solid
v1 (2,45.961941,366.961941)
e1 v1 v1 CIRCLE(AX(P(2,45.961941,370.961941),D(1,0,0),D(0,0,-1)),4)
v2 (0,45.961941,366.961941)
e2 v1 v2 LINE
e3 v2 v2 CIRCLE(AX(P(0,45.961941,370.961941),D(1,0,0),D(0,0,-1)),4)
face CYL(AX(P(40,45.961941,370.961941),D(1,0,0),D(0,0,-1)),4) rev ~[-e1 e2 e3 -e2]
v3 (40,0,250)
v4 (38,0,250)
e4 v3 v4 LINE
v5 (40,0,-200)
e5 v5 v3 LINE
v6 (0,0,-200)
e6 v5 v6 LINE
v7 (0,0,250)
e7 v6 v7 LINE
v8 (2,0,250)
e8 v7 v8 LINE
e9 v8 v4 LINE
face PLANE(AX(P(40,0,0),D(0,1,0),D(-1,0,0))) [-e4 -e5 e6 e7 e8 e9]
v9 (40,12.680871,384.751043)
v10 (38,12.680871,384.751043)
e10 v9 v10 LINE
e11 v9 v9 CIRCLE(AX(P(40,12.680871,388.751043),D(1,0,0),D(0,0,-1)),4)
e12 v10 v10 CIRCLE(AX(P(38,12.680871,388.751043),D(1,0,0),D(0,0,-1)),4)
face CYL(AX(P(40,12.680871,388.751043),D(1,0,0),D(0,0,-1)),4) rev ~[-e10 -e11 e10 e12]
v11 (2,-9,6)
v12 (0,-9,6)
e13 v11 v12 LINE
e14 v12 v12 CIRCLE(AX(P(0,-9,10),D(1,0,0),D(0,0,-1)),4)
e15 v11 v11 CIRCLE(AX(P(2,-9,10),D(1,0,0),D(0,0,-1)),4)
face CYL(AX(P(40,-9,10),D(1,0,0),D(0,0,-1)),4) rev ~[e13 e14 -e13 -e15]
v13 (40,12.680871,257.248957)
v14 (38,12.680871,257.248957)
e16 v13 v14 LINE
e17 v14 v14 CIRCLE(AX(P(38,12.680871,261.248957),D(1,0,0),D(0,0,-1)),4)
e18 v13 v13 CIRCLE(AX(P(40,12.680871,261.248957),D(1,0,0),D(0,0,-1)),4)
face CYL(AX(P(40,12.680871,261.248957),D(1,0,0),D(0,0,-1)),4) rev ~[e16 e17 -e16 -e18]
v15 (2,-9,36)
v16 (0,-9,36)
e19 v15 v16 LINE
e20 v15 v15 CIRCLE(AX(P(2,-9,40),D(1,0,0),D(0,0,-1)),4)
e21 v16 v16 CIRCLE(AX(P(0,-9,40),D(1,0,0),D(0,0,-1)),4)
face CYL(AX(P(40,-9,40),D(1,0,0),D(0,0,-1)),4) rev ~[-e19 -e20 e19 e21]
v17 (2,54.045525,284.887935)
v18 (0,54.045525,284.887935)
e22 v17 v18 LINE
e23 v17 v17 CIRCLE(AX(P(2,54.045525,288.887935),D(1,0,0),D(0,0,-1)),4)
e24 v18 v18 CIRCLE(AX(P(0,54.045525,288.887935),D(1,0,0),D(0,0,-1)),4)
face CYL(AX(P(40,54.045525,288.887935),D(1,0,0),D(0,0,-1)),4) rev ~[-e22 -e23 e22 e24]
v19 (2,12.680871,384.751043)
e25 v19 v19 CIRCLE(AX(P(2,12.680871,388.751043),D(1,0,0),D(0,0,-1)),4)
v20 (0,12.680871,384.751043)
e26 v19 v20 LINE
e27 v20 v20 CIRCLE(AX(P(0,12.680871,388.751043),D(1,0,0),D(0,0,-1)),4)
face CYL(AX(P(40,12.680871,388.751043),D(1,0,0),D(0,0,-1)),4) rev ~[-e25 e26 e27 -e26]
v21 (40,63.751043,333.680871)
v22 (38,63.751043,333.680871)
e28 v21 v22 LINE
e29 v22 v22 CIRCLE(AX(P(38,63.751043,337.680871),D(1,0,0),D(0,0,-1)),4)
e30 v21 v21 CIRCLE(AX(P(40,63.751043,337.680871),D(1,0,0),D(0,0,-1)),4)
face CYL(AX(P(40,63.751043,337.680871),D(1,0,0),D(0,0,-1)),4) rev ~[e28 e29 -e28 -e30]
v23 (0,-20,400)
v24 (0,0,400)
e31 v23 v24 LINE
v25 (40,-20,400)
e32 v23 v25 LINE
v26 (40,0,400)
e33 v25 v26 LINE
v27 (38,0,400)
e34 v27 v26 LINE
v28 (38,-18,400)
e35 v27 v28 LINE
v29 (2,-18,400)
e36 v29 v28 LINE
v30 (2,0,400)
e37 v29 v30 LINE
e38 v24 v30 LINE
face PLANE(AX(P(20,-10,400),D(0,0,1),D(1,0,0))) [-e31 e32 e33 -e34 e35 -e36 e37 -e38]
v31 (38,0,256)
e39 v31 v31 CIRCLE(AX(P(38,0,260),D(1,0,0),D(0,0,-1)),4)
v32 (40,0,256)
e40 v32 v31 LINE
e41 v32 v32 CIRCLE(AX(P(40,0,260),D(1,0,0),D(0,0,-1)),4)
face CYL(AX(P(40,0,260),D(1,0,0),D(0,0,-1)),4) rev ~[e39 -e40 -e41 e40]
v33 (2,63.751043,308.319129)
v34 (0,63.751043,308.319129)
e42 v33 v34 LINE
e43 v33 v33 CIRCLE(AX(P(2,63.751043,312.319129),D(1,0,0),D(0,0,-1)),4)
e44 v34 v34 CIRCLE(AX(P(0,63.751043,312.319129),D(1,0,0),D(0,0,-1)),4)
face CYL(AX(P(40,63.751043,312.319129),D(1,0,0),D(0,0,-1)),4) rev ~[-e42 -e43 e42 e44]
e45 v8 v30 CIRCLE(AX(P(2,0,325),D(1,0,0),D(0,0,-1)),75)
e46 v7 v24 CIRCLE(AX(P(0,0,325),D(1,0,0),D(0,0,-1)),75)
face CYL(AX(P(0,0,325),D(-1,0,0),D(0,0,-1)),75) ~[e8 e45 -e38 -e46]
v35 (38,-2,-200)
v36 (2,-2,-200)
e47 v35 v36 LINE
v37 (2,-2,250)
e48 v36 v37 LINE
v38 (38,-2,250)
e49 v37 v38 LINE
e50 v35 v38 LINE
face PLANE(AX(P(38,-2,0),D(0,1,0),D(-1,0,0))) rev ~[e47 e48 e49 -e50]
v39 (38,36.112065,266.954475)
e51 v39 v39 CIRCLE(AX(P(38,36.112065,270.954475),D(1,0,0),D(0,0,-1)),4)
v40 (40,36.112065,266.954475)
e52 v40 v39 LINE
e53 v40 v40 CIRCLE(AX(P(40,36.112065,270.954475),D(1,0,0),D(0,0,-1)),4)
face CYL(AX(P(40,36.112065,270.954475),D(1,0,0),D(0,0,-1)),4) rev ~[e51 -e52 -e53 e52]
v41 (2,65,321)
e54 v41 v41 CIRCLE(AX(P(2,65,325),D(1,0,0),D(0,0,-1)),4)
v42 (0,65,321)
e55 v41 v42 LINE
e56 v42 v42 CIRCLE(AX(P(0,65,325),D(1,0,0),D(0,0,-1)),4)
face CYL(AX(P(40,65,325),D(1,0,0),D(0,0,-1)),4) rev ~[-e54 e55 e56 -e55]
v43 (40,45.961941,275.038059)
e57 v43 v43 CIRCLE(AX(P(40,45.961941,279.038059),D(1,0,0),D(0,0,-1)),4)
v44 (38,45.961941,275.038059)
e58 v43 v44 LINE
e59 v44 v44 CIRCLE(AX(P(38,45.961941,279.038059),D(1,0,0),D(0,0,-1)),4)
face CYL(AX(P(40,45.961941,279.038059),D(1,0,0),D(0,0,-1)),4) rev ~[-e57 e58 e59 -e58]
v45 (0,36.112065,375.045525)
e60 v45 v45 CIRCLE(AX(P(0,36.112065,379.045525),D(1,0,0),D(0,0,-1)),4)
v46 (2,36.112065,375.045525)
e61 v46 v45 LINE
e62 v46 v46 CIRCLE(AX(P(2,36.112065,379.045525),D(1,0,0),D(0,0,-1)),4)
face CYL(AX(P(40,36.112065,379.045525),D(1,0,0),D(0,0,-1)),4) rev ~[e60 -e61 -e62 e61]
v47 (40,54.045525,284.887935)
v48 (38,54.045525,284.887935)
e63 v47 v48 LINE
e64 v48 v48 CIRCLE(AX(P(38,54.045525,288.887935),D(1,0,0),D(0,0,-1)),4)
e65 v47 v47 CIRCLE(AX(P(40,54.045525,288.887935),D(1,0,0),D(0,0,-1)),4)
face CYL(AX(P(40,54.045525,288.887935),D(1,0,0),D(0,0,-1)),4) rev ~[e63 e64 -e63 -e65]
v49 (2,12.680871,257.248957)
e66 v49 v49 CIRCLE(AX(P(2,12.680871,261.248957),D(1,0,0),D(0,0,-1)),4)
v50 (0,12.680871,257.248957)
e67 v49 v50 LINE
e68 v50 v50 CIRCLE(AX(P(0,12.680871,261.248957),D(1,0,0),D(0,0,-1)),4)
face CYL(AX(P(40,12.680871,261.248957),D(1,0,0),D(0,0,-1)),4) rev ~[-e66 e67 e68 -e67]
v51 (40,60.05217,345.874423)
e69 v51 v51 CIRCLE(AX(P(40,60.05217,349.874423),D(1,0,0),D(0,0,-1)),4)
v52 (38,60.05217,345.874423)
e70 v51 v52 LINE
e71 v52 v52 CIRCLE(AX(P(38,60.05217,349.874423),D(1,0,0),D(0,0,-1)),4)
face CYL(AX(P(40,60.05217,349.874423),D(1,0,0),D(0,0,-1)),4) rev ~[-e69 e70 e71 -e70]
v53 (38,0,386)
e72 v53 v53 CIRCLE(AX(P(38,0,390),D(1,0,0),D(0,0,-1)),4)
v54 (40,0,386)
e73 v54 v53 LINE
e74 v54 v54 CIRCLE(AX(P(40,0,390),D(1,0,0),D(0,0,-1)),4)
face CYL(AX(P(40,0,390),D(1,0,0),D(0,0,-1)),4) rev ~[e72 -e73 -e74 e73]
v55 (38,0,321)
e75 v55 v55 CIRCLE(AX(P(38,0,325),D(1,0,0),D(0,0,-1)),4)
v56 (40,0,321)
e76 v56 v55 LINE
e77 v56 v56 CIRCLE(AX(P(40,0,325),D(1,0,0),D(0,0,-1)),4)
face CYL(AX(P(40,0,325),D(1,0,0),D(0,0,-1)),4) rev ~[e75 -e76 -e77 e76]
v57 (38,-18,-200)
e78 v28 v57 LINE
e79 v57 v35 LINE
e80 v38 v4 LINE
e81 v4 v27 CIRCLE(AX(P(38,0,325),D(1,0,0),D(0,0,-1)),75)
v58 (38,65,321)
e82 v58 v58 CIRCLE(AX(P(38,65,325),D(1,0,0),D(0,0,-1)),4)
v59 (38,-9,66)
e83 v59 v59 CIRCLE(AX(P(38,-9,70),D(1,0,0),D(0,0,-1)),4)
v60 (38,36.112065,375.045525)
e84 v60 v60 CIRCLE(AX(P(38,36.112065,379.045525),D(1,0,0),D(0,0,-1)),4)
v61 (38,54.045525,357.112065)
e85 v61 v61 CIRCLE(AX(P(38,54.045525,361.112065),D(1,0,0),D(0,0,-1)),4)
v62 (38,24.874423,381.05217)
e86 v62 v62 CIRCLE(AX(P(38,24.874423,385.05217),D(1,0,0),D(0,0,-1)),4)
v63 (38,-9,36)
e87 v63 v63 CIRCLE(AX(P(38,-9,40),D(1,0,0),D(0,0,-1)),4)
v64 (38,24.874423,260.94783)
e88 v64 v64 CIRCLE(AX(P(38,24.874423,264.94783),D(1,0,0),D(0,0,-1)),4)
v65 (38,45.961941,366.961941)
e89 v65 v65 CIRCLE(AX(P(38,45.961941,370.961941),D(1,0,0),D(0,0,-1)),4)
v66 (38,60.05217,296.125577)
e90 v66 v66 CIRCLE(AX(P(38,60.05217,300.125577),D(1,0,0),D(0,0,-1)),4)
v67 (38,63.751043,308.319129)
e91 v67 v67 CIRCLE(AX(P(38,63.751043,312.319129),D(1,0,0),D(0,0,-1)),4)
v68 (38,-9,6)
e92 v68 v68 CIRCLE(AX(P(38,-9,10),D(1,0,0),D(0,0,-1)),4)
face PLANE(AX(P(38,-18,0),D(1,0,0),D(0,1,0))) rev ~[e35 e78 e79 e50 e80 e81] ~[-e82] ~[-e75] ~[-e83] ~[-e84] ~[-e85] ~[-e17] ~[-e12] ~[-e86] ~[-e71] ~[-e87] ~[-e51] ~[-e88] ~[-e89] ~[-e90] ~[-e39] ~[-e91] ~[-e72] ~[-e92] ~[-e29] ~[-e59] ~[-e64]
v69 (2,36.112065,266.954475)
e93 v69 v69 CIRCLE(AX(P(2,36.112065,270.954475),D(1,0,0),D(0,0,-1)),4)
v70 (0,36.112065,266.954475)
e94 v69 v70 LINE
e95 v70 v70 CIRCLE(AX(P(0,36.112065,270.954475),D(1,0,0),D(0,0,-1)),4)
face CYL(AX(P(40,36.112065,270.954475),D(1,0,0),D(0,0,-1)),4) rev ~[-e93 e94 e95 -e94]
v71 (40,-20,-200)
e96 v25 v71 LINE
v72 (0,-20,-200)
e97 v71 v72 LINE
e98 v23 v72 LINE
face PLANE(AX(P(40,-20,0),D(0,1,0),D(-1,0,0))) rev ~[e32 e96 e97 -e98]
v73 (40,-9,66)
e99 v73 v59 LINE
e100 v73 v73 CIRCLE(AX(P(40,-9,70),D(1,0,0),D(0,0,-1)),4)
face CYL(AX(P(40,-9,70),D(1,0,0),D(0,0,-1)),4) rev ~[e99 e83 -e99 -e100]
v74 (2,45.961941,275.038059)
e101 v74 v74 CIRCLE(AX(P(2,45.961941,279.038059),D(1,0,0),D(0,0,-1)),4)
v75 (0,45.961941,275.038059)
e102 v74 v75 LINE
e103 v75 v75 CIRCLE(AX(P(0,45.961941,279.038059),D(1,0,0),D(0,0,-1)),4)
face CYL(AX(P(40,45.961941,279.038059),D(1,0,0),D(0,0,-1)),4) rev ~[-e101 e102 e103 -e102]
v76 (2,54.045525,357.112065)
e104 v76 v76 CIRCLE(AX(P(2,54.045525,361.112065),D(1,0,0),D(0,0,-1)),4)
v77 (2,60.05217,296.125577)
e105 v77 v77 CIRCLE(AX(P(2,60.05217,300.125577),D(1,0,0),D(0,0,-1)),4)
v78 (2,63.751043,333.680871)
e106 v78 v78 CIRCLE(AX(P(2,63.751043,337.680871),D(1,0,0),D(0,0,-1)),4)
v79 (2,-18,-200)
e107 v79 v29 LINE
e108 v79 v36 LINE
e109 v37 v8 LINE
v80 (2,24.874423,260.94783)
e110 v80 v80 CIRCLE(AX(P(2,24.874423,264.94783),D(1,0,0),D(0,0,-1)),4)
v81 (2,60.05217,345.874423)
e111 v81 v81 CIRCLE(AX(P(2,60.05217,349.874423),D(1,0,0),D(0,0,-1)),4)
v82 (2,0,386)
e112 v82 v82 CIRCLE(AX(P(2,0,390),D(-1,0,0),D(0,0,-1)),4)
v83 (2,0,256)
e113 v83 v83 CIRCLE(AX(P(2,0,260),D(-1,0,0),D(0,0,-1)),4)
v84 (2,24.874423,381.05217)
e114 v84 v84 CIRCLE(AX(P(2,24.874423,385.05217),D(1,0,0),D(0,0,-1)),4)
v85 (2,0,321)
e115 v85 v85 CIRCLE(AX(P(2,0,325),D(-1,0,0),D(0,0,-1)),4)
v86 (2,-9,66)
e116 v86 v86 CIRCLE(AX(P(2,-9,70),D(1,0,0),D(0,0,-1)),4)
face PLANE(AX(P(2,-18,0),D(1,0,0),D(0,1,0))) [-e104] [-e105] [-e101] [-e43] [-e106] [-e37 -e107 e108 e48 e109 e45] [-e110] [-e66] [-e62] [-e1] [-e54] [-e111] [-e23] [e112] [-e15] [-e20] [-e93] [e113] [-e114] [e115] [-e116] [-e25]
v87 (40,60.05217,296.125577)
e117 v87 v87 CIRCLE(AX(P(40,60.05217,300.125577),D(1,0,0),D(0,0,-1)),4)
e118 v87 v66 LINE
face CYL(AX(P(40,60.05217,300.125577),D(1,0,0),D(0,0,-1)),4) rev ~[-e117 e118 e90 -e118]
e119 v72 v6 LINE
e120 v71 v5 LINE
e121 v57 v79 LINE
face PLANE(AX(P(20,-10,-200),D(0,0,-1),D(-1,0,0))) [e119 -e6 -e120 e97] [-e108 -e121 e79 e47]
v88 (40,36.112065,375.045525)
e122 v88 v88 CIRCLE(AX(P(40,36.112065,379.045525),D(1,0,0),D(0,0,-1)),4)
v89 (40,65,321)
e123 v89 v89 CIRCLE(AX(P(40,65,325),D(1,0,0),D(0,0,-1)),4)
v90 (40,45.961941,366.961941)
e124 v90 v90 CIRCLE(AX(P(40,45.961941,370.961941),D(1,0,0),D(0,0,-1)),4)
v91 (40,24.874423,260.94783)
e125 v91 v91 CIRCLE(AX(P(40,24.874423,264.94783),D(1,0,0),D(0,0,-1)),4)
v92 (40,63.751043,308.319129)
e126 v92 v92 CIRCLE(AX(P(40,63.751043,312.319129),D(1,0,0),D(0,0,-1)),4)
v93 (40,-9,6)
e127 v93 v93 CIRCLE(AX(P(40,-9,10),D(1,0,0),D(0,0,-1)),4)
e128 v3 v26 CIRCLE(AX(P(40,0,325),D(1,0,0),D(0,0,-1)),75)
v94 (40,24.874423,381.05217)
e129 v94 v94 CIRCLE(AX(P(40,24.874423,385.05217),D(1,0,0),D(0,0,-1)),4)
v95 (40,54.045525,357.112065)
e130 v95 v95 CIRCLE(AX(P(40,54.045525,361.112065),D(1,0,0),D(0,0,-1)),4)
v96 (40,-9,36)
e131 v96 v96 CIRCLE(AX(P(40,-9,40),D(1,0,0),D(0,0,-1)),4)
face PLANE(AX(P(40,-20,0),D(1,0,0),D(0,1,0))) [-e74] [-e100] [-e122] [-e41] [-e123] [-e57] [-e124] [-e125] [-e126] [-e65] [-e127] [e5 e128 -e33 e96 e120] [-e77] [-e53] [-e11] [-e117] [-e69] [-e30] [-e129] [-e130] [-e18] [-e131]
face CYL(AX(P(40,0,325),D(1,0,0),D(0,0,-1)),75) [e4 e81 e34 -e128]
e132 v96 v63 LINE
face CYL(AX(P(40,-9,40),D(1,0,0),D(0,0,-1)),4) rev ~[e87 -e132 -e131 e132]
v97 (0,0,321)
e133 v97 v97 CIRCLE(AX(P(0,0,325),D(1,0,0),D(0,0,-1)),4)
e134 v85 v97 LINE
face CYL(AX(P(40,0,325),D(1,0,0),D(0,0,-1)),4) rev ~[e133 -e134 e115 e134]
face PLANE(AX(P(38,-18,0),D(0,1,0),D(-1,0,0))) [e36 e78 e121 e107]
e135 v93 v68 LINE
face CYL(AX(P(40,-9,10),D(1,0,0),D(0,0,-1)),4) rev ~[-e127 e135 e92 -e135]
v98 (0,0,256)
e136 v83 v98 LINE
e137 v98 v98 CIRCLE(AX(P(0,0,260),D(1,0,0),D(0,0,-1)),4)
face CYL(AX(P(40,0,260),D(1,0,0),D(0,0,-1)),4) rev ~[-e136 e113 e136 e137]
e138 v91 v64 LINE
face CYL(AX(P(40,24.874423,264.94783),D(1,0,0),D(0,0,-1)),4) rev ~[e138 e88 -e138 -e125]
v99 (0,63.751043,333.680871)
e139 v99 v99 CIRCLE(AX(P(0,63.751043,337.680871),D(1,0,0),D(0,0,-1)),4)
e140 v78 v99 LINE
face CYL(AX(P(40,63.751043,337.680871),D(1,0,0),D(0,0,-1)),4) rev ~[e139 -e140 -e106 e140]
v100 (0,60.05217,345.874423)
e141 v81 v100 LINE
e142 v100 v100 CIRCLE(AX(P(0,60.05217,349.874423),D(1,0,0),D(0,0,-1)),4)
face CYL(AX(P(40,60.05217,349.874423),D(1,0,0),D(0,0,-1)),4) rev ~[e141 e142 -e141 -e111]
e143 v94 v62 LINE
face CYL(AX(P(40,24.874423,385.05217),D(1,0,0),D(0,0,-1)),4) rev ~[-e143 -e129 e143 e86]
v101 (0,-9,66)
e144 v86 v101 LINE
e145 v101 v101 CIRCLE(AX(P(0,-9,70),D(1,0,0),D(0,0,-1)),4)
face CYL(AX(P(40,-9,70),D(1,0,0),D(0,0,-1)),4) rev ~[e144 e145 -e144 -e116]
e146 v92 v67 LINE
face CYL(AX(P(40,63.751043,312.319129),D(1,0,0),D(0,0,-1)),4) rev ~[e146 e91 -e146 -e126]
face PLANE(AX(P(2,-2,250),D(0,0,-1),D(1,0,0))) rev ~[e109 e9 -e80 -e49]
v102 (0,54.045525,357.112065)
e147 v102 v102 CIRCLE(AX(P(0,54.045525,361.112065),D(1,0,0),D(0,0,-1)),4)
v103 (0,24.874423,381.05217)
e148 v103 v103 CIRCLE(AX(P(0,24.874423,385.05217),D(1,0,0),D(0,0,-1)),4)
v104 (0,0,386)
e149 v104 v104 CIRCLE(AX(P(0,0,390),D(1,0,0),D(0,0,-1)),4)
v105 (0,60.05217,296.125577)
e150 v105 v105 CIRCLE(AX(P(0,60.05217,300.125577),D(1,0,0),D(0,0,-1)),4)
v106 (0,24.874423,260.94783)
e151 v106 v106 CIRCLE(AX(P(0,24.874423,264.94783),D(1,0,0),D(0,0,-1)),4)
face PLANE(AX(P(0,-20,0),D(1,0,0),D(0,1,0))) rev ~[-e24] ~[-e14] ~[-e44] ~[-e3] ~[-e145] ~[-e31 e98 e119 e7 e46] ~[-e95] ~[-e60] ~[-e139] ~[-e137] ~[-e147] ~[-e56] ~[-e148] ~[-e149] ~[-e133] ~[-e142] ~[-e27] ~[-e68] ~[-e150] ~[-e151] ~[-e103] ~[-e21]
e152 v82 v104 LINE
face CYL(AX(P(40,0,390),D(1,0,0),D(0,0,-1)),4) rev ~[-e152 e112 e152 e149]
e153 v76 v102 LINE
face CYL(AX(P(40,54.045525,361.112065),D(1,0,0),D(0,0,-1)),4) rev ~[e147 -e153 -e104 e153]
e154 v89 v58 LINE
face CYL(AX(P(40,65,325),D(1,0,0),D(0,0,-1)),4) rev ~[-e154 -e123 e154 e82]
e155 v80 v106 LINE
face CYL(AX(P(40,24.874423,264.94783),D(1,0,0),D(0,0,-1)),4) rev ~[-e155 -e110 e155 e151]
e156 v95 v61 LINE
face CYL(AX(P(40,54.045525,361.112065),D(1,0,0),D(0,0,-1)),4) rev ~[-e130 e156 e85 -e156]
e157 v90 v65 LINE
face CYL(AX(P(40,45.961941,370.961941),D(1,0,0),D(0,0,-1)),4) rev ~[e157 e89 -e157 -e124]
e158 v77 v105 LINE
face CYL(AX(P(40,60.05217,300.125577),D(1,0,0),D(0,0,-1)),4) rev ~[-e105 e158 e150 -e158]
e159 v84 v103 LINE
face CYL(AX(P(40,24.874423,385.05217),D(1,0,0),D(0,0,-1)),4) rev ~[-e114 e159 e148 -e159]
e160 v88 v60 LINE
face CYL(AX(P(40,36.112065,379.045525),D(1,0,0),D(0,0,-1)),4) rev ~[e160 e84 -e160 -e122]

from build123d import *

# Parameters (mm, degrees)
SKETCH1_W           = 40
SKETCH1_H           = 20
SKETCH1_W_2         = 36
SKETCH1_H_2         = 16
BOSS_EXTRUDE1_DEPTH = 400
SKETCH2_R           = 4
CUT_EXTRUDE1_DEPTH  = 403.49223595
BOSS_EXTRUDE2_DEPTH = 2
SKETCH4_R           = 4
CUT_EXTRUDE2_DEPTH  = 409.931534612
SKETCH5_R           = 4
CUT_EXTRUDE3_DEPTH  = 409.931534612
CUT_EXTRUDE4_START  = -2
SKETCH7_W           = 36
SKETCH7_H           = 150
CUT_EXTRUDE4_DEPTH  = 2
SKETCH8_W           = 40
SKETCH8_H           = 20
SKETCH8_W_2         = 36
SKETCH8_H_2         = 16
BOSS_EXTRUDE3_DEPTH = 200


with BuildPart() as part:
    # Sketch1 → Boss-Extrude1 (new body)
    with BuildSketch(Plane.XY):
        with Locations((20, -10)):
            Rectangle(SKETCH1_W, SKETCH1_H)
        with Locations((20, -10)):
            Rectangle(SKETCH1_W_2, SKETCH1_H_2, mode=Mode.SUBTRACT)
    extrude(amount=BOSS_EXTRUDE1_DEPTH)

    # Sketch2 → Cut-Extrude1 (cut, through all)
    with BuildSketch(Plane(origin=(40, 0, 0), x_dir=(0, 0, -1), z_dir=(1, 0, 0))):
        with Locations((-10, -9)):
            Circle(SKETCH2_R)
        with Locations((-40, -9)):
            Circle(SKETCH2_R)
        with Locations((-70, -9)):
            Circle(SKETCH2_R)
    extrude(amount=-CUT_EXTRUDE1_DEPTH, mode=Mode.SUBTRACT)

    # Sketch3 → Boss-Extrude2 (add)
    with BuildSketch(Plane(origin=(40, 0, 0), x_dir=(0, 0, -1), z_dir=(1, 0, 0))):
        with BuildLine():
            Line((-400, 0), (-250, 0))
            ThreePointArc((-250, 0), (-325, 75), (-400, 0))
        make_face()
    boss_extrude2 = extrude(amount=-BOSS_EXTRUDE2_DEPTH)

    # Mirror1: Boss-Extrude2 across plane
    add(boss_extrude2.mirror(Plane(origin=(20, 0, 0), x_dir=(0, 0, 1), z_dir=(1, 0, 0))))

    # Sketch4 → Cut-Extrude2 (cut, through all)
    with BuildSketch(Plane(origin=(40, 0, 0), x_dir=(0, 0, -1), z_dir=(1, 0, 0))):
        with Locations((-390, 0)):
            Circle(SKETCH4_R)
        with Locations((-388.751043226, 12.680870931)):
            Circle(SKETCH4_R)
        with Locations((-385.052169613, 24.874423104)):
            Circle(SKETCH4_R)
        with Locations((-379.0455248, 36.112065146)):
            Circle(SKETCH4_R)
        with Locations((-370.961940777, 45.961940777)):
            Circle(SKETCH4_R)
        with Locations((-361.112065146, 54.0455248)):
            Circle(SKETCH4_R)
        with Locations((-349.874423104, 60.052169613)):
            Circle(SKETCH4_R)
        with Locations((-337.680870931, 63.751043226)):
            Circle(SKETCH4_R)
        with Locations((-325, 65)):
            Circle(SKETCH4_R)
        with Locations((-312.319129069, 63.751043226)):
            Circle(SKETCH4_R)
        with Locations((-300.125576896, 60.052169613)):
            Circle(SKETCH4_R)
        with Locations((-288.887934854, 54.0455248)):
            Circle(SKETCH4_R)
        with Locations((-279.038059223, 45.961940777)):
            Circle(SKETCH4_R)
        with Locations((-270.9544752, 36.112065146)):
            Circle(SKETCH4_R)
        with Locations((-264.947830387, 24.874423104)):
            Circle(SKETCH4_R)
        with Locations((-261.248956774, 12.680870931)):
            Circle(SKETCH4_R)
        with Locations((-260, 0)):
            Circle(SKETCH4_R)
    extrude(amount=-CUT_EXTRUDE2_DEPTH, mode=Mode.SUBTRACT)

    # Sketch5 → Cut-Extrude3 (cut, through all)
    with BuildSketch(Plane(origin=(40, 0, 0), x_dir=(0, 0, -1), z_dir=(1, 0, 0))):
        with Locations((-325, 0)):
            Circle(SKETCH5_R)
    extrude(amount=-CUT_EXTRUDE3_DEPTH, mode=Mode.SUBTRACT)

    # Sketch7 → Cut-Extrude4 (cut)
    with BuildSketch(Plane(origin=(0, 0, 0), x_dir=(1, 0, 0), z_dir=(0, 1, 0)).offset(CUT_EXTRUDE4_START)):
        with Locations((20, -325)):
            Rectangle(SKETCH7_W, SKETCH7_H)
    extrude(amount=CUT_EXTRUDE4_DEPTH, mode=Mode.SUBTRACT)

    # Sketch8 → Boss-Extrude3 (add)
    with BuildSketch(Plane(origin=(0, 0, 0), x_dir=(-1, 0, 0), z_dir=(0, 0, -1))):
        with Locations((-20, -10)):
            Rectangle(SKETCH8_W, SKETCH8_H)
        with Locations((-20, -10)):
            Rectangle(SKETCH8_W_2, SKETCH8_H_2, mode=Mode.SUBTRACT)
    extrude(amount=BOSS_EXTRUDE3_DEPTH)


solid = part.part
